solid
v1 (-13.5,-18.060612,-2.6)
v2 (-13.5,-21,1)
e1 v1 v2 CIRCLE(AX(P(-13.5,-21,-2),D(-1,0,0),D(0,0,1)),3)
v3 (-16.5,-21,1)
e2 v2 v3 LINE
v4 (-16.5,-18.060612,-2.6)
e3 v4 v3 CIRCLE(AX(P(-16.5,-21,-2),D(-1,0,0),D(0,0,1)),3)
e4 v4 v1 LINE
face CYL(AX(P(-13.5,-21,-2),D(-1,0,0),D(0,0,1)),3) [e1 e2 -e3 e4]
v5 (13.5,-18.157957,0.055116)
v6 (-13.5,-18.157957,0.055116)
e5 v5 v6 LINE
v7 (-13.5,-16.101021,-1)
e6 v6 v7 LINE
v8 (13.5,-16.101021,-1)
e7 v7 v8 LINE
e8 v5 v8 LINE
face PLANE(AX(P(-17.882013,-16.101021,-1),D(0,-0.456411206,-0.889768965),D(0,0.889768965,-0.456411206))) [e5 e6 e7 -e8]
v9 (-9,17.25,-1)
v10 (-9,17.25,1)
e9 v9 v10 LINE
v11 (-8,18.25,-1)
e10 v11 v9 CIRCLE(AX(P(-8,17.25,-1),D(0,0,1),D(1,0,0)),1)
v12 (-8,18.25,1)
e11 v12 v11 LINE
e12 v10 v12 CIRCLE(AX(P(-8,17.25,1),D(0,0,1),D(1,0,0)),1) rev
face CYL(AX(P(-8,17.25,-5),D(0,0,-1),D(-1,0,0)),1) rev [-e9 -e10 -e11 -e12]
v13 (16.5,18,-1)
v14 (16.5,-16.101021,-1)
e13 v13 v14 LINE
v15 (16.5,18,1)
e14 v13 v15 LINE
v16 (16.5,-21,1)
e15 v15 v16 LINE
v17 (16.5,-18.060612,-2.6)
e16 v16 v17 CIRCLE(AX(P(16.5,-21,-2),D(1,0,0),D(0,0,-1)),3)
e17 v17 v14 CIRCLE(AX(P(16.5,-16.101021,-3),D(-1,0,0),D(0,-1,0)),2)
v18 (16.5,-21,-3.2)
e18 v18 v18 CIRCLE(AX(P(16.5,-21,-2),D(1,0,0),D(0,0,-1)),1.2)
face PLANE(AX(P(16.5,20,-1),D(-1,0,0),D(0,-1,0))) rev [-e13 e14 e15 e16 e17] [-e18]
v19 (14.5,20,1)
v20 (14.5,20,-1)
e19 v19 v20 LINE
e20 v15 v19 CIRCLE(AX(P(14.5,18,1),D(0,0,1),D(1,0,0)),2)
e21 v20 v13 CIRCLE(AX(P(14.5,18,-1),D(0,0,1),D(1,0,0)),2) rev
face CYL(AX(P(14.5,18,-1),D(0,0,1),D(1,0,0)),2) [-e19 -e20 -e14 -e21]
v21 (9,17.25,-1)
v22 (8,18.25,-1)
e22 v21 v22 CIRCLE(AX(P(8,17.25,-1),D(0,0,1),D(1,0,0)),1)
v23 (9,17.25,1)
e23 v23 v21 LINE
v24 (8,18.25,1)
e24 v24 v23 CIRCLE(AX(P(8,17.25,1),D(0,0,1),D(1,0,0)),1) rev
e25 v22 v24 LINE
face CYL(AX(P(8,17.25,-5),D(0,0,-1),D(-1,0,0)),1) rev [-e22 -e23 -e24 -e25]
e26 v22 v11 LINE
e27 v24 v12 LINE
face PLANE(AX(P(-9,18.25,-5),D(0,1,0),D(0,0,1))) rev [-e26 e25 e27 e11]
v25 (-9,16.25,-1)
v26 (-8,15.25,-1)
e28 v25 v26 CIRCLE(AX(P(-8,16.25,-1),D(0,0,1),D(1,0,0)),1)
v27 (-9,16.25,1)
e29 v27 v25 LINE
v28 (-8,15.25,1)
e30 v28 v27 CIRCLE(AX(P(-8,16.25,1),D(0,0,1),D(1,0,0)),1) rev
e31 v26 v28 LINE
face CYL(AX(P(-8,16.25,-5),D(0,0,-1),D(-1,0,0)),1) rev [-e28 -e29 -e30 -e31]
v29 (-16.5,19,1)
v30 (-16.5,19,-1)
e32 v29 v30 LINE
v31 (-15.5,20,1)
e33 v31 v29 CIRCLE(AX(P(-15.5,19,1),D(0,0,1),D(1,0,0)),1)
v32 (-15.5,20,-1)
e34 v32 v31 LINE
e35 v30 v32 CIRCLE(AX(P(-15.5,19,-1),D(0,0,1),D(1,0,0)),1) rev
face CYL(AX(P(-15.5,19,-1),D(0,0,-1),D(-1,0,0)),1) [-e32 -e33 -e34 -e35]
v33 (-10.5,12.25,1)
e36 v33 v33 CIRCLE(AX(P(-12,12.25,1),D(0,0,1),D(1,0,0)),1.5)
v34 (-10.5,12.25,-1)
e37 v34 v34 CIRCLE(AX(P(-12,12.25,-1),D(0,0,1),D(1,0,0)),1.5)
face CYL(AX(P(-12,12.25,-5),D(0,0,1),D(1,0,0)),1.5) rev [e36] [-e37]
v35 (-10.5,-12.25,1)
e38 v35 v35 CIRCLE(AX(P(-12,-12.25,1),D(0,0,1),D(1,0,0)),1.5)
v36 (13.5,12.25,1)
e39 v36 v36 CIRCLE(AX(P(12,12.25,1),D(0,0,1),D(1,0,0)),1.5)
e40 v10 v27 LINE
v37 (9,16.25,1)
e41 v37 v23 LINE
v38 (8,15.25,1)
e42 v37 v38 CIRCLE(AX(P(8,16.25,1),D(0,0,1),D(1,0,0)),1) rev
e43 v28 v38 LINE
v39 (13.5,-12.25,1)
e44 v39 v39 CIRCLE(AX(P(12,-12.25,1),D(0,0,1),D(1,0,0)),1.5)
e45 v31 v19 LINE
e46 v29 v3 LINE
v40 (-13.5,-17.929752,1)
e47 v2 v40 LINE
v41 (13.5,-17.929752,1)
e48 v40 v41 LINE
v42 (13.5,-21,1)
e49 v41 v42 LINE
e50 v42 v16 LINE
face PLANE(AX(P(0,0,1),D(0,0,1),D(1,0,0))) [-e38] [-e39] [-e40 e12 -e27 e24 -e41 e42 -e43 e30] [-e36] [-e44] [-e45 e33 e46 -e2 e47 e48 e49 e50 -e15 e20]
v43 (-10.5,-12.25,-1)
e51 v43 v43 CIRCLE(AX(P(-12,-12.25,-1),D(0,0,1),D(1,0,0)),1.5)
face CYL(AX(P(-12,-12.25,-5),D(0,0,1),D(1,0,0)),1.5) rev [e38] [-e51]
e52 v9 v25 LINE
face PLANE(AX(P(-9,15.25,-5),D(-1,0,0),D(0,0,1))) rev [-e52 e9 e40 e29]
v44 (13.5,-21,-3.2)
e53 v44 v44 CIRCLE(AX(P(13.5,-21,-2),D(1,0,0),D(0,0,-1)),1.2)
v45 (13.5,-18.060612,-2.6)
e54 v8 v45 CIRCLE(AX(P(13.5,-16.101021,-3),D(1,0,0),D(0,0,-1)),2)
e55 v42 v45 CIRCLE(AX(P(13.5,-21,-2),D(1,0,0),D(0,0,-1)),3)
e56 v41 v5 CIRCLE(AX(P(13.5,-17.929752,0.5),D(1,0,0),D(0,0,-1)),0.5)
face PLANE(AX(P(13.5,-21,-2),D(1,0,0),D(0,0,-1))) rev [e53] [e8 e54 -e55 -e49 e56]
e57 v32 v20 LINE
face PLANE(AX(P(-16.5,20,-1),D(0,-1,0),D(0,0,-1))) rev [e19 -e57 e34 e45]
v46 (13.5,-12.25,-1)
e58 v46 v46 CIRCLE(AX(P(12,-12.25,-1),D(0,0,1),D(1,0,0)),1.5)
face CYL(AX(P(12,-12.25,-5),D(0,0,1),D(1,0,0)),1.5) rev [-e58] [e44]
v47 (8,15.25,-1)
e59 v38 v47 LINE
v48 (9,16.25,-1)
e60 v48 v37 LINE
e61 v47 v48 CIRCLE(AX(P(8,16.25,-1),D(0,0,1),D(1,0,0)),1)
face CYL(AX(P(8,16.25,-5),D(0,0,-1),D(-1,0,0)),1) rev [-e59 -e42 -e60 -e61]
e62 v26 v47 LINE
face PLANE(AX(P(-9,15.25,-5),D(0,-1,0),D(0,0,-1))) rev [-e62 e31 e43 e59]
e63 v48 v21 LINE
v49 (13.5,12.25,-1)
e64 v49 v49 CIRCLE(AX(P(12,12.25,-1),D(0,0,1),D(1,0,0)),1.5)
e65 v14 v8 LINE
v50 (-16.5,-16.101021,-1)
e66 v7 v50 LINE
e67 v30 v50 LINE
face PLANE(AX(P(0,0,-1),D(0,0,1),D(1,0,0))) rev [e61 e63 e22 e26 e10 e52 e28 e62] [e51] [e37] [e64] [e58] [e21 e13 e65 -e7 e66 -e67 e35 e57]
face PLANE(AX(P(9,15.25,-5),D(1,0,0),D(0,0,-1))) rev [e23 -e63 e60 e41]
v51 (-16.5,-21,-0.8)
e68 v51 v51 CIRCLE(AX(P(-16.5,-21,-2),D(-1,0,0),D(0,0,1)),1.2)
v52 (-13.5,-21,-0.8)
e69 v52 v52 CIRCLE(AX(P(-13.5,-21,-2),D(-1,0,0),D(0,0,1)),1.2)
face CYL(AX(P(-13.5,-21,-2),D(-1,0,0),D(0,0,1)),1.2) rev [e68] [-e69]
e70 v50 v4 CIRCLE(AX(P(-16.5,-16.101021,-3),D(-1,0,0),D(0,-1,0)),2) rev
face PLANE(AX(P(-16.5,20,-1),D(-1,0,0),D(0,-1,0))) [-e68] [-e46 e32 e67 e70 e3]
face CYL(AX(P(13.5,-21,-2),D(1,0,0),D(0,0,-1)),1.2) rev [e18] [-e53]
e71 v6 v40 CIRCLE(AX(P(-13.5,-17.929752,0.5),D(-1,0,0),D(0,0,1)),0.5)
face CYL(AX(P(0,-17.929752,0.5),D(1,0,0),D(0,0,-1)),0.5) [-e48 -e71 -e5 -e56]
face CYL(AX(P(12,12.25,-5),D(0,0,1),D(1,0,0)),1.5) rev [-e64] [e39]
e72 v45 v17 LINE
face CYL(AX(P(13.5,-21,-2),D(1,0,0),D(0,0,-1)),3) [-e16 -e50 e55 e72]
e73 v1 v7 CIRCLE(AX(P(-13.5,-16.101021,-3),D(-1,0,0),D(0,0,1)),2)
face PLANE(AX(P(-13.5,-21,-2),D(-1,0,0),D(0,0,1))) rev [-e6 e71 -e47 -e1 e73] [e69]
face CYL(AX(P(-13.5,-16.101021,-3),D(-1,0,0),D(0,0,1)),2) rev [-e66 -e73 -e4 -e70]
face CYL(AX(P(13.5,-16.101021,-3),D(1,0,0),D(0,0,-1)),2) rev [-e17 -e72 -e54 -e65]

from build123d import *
from OCP.BRepFilletAPI import BRepFilletAPI_MakeFillet

# Parameters (mm, degrees)
SKETCH1_W               = 33
SKETCH1_H               = 40
BOSS_EXTRUDE1_DEPTH     = 1
SKETCH3_R               = 1.2
BOSS_EXTRUDE2_DEPTH     = 3
BOSS_EXTRUDE3_START     = -3
SKETCH4_R               = 1.2
BOSS_EXTRUDE3_DEPTH     = 3
CUT_EXTRUDE1_DEPTH      = 30.550803712
CUT_EXTRUDE1_DEPTH_BACK = 30.550803712
SKETCH6_R               = 1.5
SKETCH6_W               = 18
SKETCH6_H               = 3
FILLET4_R1              = 2
FILLET4_R2              = 1
CUT_EXTRUDE2_DEPTH      = 27
FILLET5_R               = 0.5


with BuildPart() as part:
    # Sketch1 → Boss-Extrude1 (new, symmetric)
    with BuildSketch(Plane.XY):
        Rectangle(SKETCH1_W, SKETCH1_H)
    extrude(amount=BOSS_EXTRUDE1_DEPTH, both=True)

    # Sketch3 → Boss-Extrude2 (add)
    with BuildSketch(Plane(origin=(16.5, 0, 0), x_dir=(0, 0, -1), z_dir=(1, 0, 0))):
        with BuildLine():
            Line((-1, -20), (-1, -21))
            ThreePointArc((-1, -21), (4.449489743, -22.732050808), (1, -18.171572875))
            Line((1, -18.171572875), (-1, -20))
        make_face()
        with Locations((2, -21)):
            Circle(SKETCH3_R, mode=Mode.SUBTRACT)
    extrude(amount=-BOSS_EXTRUDE2_DEPTH)

    # Sketch4 → Boss-Extrude3 (add)
    with BuildSketch(Plane.ZY.offset(16.5).offset(BOSS_EXTRUDE3_START)):
        with BuildLine():
            Line((1, -20), (1, -21))
            ThreePointArc((1, -21), (-4.449489743, -22.732050808), (-1, -18.171572875))
            Line((-1, -18.171572875), (1, -20))
        make_face()
        with Locations(Location((-2, -21, 0), (0, 0, 180))):
            Circle(SKETCH4_R, mode=Mode.SUBTRACT)
    extrude(amount=BOSS_EXTRUDE3_DEPTH)

    # Sketch6 → Cut-Extrude1 (cut, two sides: drawn at the far end of the back side and taken through both)
    with BuildSketch(Plane.XY.offset(-CUT_EXTRUDE1_DEPTH_BACK)):
        with Locations((-12, 12.25)):
            Circle(SKETCH6_R)
        with Locations((12, 12.25)):
            Circle(SKETCH6_R)
        with Locations((12, -12.25)):
            Circle(SKETCH6_R)
        with Locations((-12, -12.25)):
            Circle(SKETCH6_R)
        with Locations((0, 16.75)):
            Rectangle(SKETCH6_W, SKETCH6_H)
    extrude(amount=CUT_EXTRUDE1_DEPTH + CUT_EXTRUDE1_DEPTH_BACK, mode=Mode.SUBTRACT)

    # Fillet4: one fillet with a radius per group of edges: ONE call of the kernel's fillet builder (fillet() takes one radius for all edges)
    fillet4_edges_1 = [part.edges().sort_by_distance(p)[0] for p in [
        (16.5, 20, 0),
        (15, -18.171572875, -1),
        (-15, -18.171572875, -1),
    ]]
    fillet4_edges_2 = [part.edges().sort_by_distance(p)[0] for p in [
        (-16.5, 20, 0),
        (-9, 18.25, 0),
        (-9, 15.25, 0),
        (9, 18.25, 0),
        (9, 15.25, 0),
    ]]
    fillet4 = BRepFilletAPI_MakeFillet(part.part.solid().wrapped)
    for e in fillet4_edges_1:
        fillet4.Add(FILLET4_R1, e.wrapped)
    for e in fillet4_edges_2:
        fillet4.Add(FILLET4_R2, e.wrapped)
    add(Compound.cast(fillet4.Shape()), mode=Mode.REPLACE)

    # Sketch8 → Cut-Extrude2 (cut)
    with BuildSketch(Plane.ZY.offset(-13.5)):
        Polygon((-1, -16.101020514), (1, -20), (-1, -20), align=None)
    extrude(amount=CUT_EXTRUDE2_DEPTH, mode=Mode.SUBTRACT)

    # Fillet5
    fillet5_edges = [part.edges().sort_by_distance(p)[0] for p in [
        (0, -20, 1),
    ]]
    fillet(fillet5_edges, radius=FILLET5_R)


solid = part.part
